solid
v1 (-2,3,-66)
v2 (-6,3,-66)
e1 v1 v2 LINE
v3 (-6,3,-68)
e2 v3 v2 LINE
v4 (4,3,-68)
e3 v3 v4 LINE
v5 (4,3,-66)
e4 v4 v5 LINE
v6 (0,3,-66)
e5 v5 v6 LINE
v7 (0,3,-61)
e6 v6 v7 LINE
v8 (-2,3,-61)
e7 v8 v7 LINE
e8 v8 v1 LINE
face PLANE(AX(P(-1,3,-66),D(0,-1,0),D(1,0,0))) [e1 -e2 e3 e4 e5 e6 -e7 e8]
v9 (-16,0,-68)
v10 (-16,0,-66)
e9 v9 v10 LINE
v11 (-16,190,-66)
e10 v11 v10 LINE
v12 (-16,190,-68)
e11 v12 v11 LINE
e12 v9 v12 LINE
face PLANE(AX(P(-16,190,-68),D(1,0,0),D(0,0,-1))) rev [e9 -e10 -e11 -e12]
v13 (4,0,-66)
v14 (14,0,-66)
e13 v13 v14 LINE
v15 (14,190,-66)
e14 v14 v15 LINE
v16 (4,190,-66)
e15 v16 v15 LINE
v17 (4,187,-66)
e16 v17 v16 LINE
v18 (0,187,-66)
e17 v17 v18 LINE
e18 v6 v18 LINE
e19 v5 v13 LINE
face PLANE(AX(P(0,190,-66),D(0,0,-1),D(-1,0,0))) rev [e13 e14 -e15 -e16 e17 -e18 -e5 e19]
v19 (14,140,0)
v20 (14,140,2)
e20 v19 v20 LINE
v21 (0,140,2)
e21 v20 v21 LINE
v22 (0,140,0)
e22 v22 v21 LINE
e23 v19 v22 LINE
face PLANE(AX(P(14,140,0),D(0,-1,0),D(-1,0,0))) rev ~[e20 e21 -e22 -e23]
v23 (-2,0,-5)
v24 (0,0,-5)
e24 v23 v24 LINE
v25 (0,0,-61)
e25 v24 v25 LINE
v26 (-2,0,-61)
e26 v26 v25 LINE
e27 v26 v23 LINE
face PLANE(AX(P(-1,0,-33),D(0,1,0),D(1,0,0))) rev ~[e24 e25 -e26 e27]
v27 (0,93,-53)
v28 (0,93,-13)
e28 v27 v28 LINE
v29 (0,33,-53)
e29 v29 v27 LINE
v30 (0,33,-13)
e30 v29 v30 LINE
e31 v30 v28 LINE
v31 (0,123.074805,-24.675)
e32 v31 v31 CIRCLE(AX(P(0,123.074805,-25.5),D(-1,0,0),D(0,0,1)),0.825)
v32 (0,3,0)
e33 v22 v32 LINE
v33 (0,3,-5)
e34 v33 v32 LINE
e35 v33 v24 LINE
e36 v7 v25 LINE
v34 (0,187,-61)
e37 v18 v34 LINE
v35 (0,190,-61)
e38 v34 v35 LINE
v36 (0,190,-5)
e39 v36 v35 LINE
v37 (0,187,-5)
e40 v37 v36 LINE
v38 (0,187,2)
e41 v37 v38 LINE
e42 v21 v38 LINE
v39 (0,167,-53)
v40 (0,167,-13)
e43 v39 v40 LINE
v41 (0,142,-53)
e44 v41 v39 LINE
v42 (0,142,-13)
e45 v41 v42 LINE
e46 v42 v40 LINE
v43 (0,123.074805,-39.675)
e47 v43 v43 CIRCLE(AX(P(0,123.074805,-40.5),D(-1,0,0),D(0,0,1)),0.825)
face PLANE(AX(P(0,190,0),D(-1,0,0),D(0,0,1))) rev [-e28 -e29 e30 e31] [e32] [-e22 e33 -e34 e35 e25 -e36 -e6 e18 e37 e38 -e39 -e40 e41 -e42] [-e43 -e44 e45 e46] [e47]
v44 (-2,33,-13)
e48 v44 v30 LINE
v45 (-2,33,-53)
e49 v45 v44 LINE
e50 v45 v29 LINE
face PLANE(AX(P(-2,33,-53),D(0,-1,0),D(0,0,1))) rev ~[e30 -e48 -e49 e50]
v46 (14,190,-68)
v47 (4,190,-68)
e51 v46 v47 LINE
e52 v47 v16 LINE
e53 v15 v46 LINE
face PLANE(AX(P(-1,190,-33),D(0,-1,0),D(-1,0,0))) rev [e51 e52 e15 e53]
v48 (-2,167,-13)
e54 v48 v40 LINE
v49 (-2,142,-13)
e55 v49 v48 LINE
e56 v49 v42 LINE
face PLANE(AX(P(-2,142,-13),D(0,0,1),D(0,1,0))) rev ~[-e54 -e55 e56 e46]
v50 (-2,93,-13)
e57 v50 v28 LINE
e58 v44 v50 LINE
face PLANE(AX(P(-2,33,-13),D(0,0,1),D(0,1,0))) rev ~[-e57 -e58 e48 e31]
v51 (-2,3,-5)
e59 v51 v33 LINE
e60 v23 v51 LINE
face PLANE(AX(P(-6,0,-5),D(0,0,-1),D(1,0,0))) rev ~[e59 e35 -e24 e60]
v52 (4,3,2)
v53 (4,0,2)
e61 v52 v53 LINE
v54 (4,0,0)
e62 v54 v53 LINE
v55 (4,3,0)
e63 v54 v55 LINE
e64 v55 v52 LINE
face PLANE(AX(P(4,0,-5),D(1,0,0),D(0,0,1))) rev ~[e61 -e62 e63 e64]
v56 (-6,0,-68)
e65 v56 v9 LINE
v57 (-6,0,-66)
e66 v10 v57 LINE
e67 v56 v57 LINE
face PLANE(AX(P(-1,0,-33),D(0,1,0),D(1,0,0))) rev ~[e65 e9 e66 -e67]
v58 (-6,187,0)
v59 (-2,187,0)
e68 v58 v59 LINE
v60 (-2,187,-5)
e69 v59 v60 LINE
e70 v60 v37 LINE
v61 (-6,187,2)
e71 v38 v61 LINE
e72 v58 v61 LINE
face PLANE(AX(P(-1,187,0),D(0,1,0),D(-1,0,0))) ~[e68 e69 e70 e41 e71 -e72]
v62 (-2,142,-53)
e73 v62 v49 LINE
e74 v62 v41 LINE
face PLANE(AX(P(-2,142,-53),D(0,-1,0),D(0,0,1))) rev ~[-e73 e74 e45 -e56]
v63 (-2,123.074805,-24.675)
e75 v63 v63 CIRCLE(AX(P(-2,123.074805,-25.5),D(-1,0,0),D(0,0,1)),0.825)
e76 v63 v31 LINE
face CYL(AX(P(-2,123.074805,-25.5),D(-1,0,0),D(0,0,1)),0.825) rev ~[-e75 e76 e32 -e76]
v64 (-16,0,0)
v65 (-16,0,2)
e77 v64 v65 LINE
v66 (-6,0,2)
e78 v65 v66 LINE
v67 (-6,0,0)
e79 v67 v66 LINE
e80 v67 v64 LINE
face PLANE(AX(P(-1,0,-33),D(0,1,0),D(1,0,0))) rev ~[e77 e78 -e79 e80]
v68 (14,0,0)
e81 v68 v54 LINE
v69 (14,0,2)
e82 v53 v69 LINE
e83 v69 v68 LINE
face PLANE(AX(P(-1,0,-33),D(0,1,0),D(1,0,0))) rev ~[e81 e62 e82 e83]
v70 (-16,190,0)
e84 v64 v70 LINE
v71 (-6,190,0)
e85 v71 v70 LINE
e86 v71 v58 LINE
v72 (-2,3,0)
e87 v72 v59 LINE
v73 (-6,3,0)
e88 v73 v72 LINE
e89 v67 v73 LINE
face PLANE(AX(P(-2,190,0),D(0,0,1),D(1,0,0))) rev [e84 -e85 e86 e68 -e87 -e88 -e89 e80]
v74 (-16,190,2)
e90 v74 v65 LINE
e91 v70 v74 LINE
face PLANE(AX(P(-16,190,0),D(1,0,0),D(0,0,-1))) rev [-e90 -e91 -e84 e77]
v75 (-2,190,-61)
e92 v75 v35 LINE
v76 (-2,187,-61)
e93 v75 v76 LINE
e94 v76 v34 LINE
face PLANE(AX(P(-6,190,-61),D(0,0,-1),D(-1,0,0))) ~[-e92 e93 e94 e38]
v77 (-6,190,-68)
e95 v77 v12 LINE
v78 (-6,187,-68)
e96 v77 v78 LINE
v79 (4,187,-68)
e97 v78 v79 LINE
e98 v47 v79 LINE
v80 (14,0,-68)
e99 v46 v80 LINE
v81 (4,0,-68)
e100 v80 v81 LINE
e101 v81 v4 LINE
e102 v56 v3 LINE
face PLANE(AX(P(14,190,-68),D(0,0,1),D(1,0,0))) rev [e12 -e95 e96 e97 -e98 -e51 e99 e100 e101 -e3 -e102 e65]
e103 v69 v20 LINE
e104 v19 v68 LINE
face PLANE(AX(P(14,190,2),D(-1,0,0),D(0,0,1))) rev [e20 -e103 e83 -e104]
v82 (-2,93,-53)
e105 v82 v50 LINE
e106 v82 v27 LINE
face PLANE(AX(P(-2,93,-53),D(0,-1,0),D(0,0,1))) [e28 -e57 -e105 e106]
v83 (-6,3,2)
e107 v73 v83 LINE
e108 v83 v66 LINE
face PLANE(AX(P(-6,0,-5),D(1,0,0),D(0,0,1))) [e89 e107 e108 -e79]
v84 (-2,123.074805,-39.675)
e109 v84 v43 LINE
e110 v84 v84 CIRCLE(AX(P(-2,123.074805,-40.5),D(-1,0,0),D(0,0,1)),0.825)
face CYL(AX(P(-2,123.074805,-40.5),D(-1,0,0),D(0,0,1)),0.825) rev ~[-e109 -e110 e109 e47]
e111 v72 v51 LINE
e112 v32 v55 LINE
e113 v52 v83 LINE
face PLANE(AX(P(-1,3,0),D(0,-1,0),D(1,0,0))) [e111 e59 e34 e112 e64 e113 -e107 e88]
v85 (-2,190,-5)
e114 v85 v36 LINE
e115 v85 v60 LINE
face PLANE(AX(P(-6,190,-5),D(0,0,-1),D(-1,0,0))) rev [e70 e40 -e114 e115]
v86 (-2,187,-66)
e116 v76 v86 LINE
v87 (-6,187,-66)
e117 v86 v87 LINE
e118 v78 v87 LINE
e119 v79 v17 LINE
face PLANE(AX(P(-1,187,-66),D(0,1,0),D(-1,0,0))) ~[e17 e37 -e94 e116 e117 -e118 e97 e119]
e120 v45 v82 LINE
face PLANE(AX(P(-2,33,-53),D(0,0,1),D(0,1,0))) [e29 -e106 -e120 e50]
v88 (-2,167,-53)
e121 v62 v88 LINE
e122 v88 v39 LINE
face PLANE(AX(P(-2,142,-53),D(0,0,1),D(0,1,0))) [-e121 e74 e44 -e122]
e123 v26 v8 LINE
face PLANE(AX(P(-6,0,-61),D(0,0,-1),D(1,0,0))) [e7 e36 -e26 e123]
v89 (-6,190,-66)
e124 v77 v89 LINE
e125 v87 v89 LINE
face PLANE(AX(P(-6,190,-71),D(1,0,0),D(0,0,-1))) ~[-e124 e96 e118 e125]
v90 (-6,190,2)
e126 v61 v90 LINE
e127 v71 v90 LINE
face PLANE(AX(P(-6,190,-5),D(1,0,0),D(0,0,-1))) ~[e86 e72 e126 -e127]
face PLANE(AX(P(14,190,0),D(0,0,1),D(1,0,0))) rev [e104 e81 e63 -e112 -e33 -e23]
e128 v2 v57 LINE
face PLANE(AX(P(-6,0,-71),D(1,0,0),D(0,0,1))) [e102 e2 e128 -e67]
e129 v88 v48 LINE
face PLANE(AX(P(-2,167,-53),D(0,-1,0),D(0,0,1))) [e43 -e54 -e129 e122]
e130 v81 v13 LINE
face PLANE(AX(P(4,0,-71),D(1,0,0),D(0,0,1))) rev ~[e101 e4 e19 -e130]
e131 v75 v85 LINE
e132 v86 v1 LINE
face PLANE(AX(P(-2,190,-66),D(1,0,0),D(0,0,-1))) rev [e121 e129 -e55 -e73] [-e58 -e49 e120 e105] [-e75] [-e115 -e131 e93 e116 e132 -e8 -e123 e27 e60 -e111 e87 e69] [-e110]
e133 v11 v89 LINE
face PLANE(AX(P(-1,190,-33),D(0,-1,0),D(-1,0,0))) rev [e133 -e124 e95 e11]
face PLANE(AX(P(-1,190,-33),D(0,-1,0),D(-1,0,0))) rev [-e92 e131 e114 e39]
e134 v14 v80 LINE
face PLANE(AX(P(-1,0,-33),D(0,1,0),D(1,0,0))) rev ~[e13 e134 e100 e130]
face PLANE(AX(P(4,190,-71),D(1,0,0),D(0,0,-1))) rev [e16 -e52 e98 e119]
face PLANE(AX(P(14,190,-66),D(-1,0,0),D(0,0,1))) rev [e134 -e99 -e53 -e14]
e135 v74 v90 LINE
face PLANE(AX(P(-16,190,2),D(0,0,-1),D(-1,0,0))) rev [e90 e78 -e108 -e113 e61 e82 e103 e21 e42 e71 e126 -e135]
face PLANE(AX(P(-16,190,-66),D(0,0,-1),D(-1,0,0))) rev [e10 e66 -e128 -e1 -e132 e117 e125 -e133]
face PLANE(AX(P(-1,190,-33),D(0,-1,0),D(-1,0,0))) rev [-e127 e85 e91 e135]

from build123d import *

# Parameters (mm, degrees)
BOSS_EXTRUDE1_DEPTH = 95
SKETCH3_W           = 10
SKETCH3_H           = 10
CUT_EXTRUDE2_DEPTH  = 3
SKETCH4_W           = 40
SKETCH4_H           = 25
SKETCH4_H_2         = 60
CUT_EXTRUDE8_DEPTH  = 2
SKETCH5_W           = 14
SKETCH5_H           = 50
CUT_EXTRUDE9_DEPTH  = 2
SKETCH6_R           = 0.825
CUT_EXTRUDE10_DEPTH = 203.435174809


with BuildPart() as part:
    # Sketch1 → Boss-Extrude1 (new body)
    with BuildSketch(Plane(origin=(0, 0, 0), x_dir=(1, 0, 0), z_dir=(0, 1, 0))):
        Polygon((0, 0), (0, 66), (14, 66), (14, 68), (-16, 68), (-16, 66), (-2, 66), (-2, 0), (-16, 0), (-16, -2), (14, -2), (14, 0), align=None)
    extrude(amount=BOSS_EXTRUDE1_DEPTH)

    # Sketch3 → Cut-Extrude2 (cut)
    with BuildSketch(Plane.XZ):
        with Locations((-1, 0)):
            Rectangle(SKETCH3_W, SKETCH3_H)
        with Locations((-1, -66)):
            Rectangle(SKETCH3_W, SKETCH3_H)
    extrude(amount=-CUT_EXTRUDE2_DEPTH, mode=Mode.SUBTRACT)

    # Mirror2: part across plane


with BuildPart() as part_1:
    add(part.part)
    add(part.part.mirror(Plane(origin=(0, 95, 0), x_dir=(0, 0, 1), z_dir=(0, -1, 0))))

    # Sketch4 → Cut-Extrude8 (cut)
    with BuildSketch(Plane.ZY.offset(2)):
        with Locations((-33, 154.5)):
            Rectangle(SKETCH4_W, SKETCH4_H)
        with Locations((-33, 63)):
            Rectangle(SKETCH4_W, SKETCH4_H_2)
    extrude(amount=-CUT_EXTRUDE8_DEPTH, mode=Mode.SUBTRACT)

    # Sketch5 → Cut-Extrude9 (cut)
    with BuildSketch(Plane(origin=(0, 0, 0), x_dir=(-1, 0, 0), z_dir=(0, 0, -1))):
        with Locations((-7, 165)):
            Rectangle(SKETCH5_W, SKETCH5_H)
    extrude(amount=-CUT_EXTRUDE9_DEPTH, mode=Mode.SUBTRACT)

    # Sketch6 → Cut-Extrude10 (cut, through all)
    with BuildSketch(Plane.ZY.offset(2)):
        with Locations((-25.5, 123.074804834)):
            Circle(SKETCH6_R)
        with Locations((-40.5, 123.074804834)):
            Circle(SKETCH6_R)
    extrude(amount=-CUT_EXTRUDE10_DEPTH, mode=Mode.SUBTRACT)


solid = part_1.part
